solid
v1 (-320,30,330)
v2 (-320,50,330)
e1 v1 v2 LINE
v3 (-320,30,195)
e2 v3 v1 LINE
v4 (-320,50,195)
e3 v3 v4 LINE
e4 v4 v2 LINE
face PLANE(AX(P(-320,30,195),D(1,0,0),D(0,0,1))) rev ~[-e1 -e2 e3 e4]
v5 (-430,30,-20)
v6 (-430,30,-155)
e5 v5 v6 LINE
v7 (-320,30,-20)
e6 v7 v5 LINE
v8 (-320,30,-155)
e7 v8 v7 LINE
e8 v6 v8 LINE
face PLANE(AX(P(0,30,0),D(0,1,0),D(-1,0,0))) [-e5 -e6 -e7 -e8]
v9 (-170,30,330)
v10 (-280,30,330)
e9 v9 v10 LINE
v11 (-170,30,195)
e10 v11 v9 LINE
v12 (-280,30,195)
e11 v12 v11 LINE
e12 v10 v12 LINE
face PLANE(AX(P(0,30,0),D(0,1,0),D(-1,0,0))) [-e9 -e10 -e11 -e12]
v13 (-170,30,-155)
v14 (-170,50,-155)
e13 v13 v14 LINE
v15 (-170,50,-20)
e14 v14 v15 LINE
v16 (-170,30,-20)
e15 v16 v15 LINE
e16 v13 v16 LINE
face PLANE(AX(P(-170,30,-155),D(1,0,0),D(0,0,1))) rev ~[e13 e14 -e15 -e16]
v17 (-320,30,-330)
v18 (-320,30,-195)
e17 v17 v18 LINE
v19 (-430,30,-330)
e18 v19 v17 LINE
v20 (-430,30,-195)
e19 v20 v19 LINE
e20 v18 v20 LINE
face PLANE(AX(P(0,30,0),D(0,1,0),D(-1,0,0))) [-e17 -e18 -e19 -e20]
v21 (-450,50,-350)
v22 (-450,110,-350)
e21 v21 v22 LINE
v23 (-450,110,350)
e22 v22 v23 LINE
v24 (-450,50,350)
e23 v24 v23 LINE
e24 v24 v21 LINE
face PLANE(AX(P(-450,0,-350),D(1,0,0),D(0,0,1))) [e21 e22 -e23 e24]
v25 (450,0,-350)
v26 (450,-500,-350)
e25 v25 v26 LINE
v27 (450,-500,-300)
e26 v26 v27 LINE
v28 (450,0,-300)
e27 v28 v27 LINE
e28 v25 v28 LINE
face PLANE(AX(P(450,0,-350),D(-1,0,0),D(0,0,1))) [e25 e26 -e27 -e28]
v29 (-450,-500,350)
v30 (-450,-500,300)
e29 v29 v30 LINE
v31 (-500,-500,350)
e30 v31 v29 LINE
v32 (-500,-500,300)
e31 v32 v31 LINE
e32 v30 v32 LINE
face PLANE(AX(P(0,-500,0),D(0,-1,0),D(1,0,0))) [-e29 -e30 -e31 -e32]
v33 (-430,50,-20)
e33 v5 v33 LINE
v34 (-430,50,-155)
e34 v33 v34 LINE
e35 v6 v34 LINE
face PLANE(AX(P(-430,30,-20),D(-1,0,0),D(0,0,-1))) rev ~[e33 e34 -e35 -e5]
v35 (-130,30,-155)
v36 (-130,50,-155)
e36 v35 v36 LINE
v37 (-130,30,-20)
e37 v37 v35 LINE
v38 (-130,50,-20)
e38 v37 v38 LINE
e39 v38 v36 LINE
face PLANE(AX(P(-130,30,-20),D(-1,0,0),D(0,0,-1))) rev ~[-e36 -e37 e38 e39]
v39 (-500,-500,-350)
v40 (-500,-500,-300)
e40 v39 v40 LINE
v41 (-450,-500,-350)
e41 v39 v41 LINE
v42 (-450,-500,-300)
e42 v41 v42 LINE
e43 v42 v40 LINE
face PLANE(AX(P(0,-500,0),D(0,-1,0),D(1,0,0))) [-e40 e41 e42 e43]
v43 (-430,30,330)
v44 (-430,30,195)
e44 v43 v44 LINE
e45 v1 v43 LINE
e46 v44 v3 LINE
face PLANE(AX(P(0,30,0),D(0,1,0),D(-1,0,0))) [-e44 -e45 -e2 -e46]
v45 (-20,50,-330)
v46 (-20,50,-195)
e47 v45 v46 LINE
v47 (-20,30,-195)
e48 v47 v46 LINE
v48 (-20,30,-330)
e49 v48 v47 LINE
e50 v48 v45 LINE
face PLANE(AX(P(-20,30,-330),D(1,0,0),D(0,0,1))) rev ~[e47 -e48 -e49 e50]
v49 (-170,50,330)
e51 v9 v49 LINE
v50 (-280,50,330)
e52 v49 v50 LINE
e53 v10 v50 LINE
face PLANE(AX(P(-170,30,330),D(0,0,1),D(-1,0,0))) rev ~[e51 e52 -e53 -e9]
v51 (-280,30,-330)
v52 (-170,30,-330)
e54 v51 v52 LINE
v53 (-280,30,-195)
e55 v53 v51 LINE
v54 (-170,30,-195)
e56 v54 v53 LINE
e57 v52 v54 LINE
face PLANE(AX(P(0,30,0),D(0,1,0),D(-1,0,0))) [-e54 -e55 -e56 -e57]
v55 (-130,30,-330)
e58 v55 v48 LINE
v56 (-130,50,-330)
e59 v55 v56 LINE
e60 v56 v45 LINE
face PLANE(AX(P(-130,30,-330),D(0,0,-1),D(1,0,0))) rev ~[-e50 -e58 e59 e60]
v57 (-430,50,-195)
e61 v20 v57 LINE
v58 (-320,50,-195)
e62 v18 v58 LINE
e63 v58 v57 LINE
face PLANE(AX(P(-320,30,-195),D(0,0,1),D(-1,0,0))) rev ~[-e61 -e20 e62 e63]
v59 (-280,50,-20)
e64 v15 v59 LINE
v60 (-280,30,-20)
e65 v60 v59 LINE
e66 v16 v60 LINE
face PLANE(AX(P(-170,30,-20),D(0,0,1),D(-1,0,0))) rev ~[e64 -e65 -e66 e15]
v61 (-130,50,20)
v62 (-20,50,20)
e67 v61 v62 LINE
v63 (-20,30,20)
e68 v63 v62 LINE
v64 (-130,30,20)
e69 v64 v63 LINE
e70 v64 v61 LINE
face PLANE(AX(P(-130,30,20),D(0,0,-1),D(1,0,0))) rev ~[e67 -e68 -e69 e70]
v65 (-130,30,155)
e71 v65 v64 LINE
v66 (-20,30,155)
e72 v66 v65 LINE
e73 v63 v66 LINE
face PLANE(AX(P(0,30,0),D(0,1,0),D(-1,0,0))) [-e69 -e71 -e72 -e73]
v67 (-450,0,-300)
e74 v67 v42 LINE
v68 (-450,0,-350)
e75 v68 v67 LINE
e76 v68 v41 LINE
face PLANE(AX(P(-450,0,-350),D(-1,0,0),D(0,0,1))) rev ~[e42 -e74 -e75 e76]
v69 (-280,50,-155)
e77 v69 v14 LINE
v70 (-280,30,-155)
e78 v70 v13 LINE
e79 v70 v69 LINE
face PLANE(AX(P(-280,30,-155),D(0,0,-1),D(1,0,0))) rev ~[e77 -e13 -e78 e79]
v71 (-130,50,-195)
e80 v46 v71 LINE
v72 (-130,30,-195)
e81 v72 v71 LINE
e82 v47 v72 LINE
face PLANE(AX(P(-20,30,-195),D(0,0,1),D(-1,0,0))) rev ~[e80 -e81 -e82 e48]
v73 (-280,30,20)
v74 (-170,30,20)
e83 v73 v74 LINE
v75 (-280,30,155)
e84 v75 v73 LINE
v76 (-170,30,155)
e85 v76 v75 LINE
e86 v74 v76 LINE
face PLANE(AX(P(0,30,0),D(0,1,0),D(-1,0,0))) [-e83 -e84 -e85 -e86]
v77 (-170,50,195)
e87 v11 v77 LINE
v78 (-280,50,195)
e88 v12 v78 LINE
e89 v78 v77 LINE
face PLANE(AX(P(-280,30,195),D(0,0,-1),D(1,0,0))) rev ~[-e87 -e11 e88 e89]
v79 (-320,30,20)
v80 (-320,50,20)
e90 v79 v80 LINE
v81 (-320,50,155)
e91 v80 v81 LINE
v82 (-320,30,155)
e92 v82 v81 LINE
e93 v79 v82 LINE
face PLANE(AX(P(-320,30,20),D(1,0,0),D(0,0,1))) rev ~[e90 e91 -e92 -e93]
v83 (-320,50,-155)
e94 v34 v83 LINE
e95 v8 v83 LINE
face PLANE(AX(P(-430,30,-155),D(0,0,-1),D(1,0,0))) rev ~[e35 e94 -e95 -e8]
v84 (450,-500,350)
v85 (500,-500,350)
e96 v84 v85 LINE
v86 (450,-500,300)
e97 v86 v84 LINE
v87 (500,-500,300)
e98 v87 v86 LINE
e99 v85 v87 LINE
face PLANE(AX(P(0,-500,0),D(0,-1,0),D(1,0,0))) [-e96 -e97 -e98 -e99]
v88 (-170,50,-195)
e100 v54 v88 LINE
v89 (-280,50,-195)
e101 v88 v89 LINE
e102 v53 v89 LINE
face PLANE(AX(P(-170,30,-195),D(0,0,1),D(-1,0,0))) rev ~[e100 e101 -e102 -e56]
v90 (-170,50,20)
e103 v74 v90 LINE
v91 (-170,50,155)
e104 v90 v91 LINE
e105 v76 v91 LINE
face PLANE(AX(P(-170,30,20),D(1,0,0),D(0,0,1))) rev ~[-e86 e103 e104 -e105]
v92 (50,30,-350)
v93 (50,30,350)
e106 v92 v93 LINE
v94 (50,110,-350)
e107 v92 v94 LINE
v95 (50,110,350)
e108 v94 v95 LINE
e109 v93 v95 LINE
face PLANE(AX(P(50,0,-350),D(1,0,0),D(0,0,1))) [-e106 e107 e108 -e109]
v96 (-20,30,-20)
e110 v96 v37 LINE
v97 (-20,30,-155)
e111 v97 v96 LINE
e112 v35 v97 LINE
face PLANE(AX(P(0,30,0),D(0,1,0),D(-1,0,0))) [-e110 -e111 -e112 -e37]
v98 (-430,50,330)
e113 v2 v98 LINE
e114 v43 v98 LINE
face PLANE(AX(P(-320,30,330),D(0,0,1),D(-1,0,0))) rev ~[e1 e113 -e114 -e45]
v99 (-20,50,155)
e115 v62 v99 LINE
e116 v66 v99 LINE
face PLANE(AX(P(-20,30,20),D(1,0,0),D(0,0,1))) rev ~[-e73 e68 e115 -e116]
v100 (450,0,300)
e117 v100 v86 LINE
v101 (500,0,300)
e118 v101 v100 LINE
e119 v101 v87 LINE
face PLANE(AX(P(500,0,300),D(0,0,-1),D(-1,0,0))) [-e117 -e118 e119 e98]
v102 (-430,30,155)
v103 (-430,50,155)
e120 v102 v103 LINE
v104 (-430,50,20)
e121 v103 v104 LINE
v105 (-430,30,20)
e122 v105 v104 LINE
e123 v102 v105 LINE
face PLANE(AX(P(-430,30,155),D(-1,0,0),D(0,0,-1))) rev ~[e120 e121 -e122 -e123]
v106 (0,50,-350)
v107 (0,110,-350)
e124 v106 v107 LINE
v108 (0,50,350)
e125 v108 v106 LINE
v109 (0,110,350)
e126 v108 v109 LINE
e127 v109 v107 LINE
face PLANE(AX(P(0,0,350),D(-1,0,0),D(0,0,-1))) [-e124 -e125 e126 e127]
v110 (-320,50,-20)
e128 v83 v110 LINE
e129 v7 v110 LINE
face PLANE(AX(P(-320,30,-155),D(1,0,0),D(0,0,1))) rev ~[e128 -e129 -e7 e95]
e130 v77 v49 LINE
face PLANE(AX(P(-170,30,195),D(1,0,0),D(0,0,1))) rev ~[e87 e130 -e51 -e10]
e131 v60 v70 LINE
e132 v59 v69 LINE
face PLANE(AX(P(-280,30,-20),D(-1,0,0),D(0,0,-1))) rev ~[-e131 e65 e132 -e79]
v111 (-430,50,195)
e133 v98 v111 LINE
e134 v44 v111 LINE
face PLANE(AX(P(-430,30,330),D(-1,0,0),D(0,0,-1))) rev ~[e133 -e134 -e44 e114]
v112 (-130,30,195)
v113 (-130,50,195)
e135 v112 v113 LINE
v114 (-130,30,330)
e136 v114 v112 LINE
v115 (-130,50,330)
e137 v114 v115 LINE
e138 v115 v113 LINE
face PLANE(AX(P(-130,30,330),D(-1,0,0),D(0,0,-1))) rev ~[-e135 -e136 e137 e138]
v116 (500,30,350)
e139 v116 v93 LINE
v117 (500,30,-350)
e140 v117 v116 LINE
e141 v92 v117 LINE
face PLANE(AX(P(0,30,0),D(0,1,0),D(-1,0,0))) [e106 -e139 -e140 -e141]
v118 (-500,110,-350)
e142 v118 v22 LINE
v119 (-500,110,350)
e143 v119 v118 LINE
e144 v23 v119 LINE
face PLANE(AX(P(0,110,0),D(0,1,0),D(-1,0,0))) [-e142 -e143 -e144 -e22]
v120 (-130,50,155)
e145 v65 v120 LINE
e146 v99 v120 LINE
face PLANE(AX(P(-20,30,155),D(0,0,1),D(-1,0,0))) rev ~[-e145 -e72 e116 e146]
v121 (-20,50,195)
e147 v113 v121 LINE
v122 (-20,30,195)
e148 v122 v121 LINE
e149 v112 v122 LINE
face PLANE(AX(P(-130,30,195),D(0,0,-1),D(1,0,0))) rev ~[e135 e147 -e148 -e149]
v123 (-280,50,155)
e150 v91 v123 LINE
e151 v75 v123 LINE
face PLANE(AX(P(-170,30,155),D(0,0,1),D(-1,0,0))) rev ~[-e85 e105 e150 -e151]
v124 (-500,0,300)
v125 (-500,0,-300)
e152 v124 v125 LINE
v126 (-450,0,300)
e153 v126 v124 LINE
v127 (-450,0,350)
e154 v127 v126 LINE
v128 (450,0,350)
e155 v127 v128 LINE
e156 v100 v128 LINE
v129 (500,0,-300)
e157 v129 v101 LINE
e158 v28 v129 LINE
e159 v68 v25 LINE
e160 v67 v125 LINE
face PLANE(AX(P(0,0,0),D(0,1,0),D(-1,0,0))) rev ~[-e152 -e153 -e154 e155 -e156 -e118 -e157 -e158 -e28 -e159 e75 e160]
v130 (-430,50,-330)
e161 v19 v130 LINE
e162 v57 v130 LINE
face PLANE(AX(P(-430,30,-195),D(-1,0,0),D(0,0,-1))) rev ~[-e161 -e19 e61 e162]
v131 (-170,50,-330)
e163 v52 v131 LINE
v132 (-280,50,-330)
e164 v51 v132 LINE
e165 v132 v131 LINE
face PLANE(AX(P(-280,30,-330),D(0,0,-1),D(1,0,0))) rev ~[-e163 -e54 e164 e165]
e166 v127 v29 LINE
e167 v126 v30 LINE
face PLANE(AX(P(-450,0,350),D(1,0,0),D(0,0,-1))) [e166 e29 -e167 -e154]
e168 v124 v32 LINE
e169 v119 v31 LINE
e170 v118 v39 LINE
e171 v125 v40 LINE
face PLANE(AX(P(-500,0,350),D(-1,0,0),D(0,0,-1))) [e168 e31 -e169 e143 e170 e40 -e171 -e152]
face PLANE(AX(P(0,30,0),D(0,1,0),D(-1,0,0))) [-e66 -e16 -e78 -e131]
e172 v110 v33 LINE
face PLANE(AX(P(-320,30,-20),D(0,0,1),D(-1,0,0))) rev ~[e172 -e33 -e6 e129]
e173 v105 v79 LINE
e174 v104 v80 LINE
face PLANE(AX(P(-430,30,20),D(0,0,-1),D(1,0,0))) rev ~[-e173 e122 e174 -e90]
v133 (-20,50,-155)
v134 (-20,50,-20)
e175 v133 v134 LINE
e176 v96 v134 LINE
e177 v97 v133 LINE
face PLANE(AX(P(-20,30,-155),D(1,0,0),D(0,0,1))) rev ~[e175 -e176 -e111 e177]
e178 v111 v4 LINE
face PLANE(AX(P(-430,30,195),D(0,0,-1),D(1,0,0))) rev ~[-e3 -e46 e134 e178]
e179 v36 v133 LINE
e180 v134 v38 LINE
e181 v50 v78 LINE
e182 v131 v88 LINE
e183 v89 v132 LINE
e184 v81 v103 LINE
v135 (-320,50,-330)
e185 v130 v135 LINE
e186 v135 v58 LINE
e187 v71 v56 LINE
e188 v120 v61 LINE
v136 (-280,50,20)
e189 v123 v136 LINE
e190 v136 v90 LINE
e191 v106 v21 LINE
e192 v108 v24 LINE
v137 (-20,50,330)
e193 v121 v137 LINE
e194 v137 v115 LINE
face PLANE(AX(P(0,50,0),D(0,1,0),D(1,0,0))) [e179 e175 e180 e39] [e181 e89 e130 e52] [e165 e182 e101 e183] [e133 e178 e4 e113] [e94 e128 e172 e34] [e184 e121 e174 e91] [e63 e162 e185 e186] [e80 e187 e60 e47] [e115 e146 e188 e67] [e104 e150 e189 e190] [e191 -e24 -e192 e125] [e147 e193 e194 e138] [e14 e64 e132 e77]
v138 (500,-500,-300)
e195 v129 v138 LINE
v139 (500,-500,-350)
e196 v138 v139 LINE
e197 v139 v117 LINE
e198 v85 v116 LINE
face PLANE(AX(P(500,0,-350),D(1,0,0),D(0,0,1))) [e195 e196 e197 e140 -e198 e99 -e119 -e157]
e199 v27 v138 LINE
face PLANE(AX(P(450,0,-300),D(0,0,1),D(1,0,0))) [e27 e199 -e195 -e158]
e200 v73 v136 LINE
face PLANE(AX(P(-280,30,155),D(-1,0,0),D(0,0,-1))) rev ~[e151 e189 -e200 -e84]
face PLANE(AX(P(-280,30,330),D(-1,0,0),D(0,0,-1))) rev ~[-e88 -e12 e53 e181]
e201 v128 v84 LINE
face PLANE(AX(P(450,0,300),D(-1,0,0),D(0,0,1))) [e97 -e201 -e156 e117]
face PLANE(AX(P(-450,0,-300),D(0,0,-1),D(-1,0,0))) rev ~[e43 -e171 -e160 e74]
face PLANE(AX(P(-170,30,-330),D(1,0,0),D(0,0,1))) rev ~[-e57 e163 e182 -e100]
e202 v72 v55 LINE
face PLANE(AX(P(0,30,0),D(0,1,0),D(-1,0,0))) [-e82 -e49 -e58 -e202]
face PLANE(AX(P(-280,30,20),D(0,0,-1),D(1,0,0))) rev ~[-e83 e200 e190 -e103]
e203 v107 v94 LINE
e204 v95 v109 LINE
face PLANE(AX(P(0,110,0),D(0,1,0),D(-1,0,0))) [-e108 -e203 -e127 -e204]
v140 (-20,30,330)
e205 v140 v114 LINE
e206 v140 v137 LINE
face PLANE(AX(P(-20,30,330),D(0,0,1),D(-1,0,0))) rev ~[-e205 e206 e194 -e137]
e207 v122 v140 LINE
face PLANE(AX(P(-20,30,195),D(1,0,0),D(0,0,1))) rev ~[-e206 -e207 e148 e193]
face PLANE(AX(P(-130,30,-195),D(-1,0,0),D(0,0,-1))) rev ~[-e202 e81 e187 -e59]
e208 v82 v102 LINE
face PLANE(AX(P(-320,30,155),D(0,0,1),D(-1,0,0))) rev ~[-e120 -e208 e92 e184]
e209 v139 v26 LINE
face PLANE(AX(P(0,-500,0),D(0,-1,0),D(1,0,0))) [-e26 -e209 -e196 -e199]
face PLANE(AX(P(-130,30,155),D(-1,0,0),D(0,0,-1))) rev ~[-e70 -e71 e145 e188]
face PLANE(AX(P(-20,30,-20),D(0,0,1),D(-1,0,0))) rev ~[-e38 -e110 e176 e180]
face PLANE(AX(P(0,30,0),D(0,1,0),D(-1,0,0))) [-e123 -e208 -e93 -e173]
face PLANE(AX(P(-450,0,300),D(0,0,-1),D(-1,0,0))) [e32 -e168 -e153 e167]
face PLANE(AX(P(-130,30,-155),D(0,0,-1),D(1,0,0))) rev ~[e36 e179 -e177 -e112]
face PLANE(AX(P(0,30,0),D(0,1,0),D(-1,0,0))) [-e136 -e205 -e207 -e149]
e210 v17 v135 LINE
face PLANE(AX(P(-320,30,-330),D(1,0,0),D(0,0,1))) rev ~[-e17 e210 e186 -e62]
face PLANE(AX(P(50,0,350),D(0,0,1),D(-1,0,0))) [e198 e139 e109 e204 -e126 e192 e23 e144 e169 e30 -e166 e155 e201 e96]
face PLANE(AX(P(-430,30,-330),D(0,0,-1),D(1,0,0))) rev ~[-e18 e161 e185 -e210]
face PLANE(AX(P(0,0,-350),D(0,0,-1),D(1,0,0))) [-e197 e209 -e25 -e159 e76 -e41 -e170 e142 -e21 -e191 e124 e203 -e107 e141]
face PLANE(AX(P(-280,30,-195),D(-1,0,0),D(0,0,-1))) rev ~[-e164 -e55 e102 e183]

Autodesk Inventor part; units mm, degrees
ref_plane "YZ Plane" through (0, 0, 0) normal (1, 0, 0) x (0, 1, 0)
ref_plane "XZ Plane" through (0, 0, 0) normal (0, 1, 0) x (-1, 0, 0)
ref_plane "XY Plane" through (0, 0, 0) normal (0, 0, 1) x (1, 0, 0)
sketch "Sketch1" plane through (0, 0, 0) normal (0, 1, 0) x (-1, 0, 0)
  line L0 (-500, 350) -> (500, 350)
  line L1 (500, 350) -> (500, -350)
  line L2 (500, -350) -> (-500, -350)
  line L3 (-500, -350) -> (-500, 350)
  line L4 (-500, 350) -> (500, -350) construction
  line L5 (500, 350) -> (-500, -350) construction
  line L6 (500, -350) -> (-50, -350)
  line L7 (-50, -350) -> (-50, 350)
  line L8 (-50, 350) -> (500, 350)
  line L9 (500, 350) -> (500, -350)
  line L10 (500, -350) -> (450, -350)
  line L11 (450, -350) -> (450, 350)
  line L12 (450, 350) -> (500, 350)
  line L13 (500, 350) -> (500, -350)
  line L14 (0, -350) -> (-50, -350)
  line L15 (-50, -350) -> (-50, 350)
  line L16 (-50, 350) -> (0, 350)
  line L17 (0, 350) -> (0, -350)
  point P0 (0, 0)
  point P1 (450, 350)
  dimension "d0" = 1000
  dimension "d1" = 700
  dimension "d2" = 550
  dimension "d3" = 50
  dimension "d4" = 50
extrude "Extrusion1" add sketch "Sketch1" along normal blind 110 contours L0 L17 L2 L7 | L0 L1 L2 L11
extrude "Extrusion2" add sketch "Sketch1" along normal blind 30 contours L0 L7 L2 L3 | L0 L11 L2 L17
sketch "Sketch2" plane through (0, 0, 0) normal (0, -1, 0) x (1, 0, 0)
  line L0 (500, -350) -> (50, -350) projected
  line L1 (500, -350) -> (450, -350)
  line L2 (450, -350) -> (450, -300)
  line L3 (450, -300) -> (500, -300)
  line L4 (500, -300) -> (500, -350)
  line L5 (50, 350) -> (500, 350) projected
  line L6 (500, 300) -> (450, 300)
  line L7 (450, 300) -> (450, 350)
  line L8 (450, 350) -> (500, 350)
  line L9 (500, 350) -> (500, 300)
  line L10 (-500, -350) -> (-500, 350) projected
  line L11 (-500, -350) -> (-450, -350)
  line L12 (-450, -350) -> (-450, -300)
  line L13 (-450, -300) -> (-500, -300)
  line L14 (-500, -300) -> (-500, -350)
  line L15 (-500, 350) -> (-450, 350)
  line L16 (-450, 350) -> (-450, 300)
  line L17 (-450, 300) -> (-500, 300)
  line L18 (-500, 300) -> (-500, 350)
  point P0 (0, 0)
  dimension "d9" = 50
  dimension "d10" = 50
  dimension "d11" = 50
  dimension "d12" = 50
  dimension "d13" = 50
  dimension "d14" = 50
  dimension "d15" = 50
  dimension "d16" = 50
extrude "Extrusion3" add sketch "Sketch2" along normal blind 500
sketch "Sketch3" plane through (0, 30, 0) normal (0, 1, 0) x (1, 0, 0)
  line L0 (-450, -350) -> (-450, 350) projected
  line L1 (-450, 350) -> (-300, 350)
  line L2 (-300, 350) -> (-300, -350)
  line L3 (-300, -350) -> (-150, -350)
  line L4 (-150, -350) -> (-150, 350)
  line L5 (-150, 350) -> (0, 350)
  line L6 (0, 350) -> (0, -350) projected
  line L7 (0, 350) -> (0, -350)
  line L8 (0, -350) -> (-450, -350)
  line L9 (-450, -350) -> (-450, 350)
  line L10 (-150, 350) -> (-300, 350)
  line L11 (-450, 175) -> (0, 175)
  line L12 (-450, 0) -> (0, 0)
  line L13 (0, 350) -> (-450, 350) projected
  line L14 (-450, -175) -> (0, -175)
  line L15 (-430, 330) -> (-320, 330)
  line L16 (-320, 330) -> (-320, 195)
  line L17 (-320, 195) -> (-430, 195)
  line L18 (-430, 195) -> (-430, 330)
  line L19 (-280, 330) -> (-170, 330)
  line L20 (-170, 330) -> (-170, 195)
  line L21 (-170, 195) -> (-280, 195)
  line L22 (-280, 195) -> (-280, 330)
  line L23 (-130, 330) -> (-20, 330)
  line L24 (-20, 330) -> (-20, 195)
  line L25 (-20, 195) -> (-130, 195)
  line L26 (-130, 195) -> (-130, 330)
  line L27 (-430, 155) -> (-320, 155)
  line L28 (-320, 155) -> (-320, 20)
  line L29 (-320, 20) -> (-430, 20)
  line L30 (-430, 20) -> (-430, 155)
  line L31 (-280, 155) -> (-170, 155)
  line L32 (-170, 155) -> (-170, 20)
  line L33 (-170, 20) -> (-280, 20)
  line L34 (-280, 20) -> (-280, 155)
  line L35 (-130, 155) -> (-20, 155)
  line L36 (-20, 155) -> (-20, 20)
  line L37 (-20, 20) -> (-130, 20)
  line L38 (-130, 20) -> (-130, 155)
  line L39 (-430, -20) -> (-320, -20)
  line L40 (-320, -20) -> (-320, -155)
  line L41 (-320, -155) -> (-430, -155)
  line L42 (-430, -155) -> (-430, -20)
  line L43 (-280, -20) -> (-170, -20)
  line L44 (-170, -20) -> (-170, -155)
  line L45 (-170, -155) -> (-280, -155)
  line L46 (-280, -155) -> (-280, -20)
  line L47 (-130, -20) -> (-20, -20)
  line L48 (-20, -20) -> (-20, -155)
  line L49 (-20, -155) -> (-130, -155)
  line L50 (-130, -155) -> (-130, -20)
  line L51 (-430, -195) -> (-320, -195)
  line L52 (-320, -195) -> (-320, -330)
  line L53 (-320, -330) -> (-430, -330)
  line L54 (-430, -330) -> (-430, -195)
  line L55 (-280, -195) -> (-170, -195)
  line L56 (-170, -195) -> (-170, -330)
  line L57 (-170, -330) -> (-280, -330)
  line L58 (-280, -330) -> (-280, -195)
  line L59 (-130, -195) -> (-20, -195)
  line L60 (-20, -195) -> (-20, -330)
  line L61 (-20, -330) -> (-130, -330)
  line L62 (-130, -330) -> (-130, -195)
  point P0 (0, 0)
  point P1 (-280, 87.5)
  point P2 (-225, 20)
  point P3 (-225, -195)
  dimension "d19" = 150
  dimension "d20" = 150
  dimension "d21" = 150
  dimension "d22" = 0
  dimension "d23" = 700
  dimension "d24" = 175
  dimension "d25" = 175
  dimension "d26" = 175
  dimension "d27" = 175
  dimension "d28" = 20
  dimension "d29" = 20
  dimension "d30" = 20
  dimension "d31" = 20
  dimension "d32" = 20
  dimension "d33" = 20
  dimension "d34" = 20
  dimension "d35" = 20
  dimension "d36" = 110
  dimension "d37" = 110
  dimension "d38" = 20
  dimension "d39" = 20
  dimension "d40" = 20
  dimension "d41" = 20
  dimension "d42" = 20
  dimension "d43" = 20
  dimension "d44" = 20
  dimension "d45" = 20
  dimension "d46" = 20
  dimension "d47" = 20
  dimension "d48" = 20
  dimension "d49" = 20
extrude "Extrusion4" add sketch "Sketch3" along normal blind 20
properties part number "Table_2"
